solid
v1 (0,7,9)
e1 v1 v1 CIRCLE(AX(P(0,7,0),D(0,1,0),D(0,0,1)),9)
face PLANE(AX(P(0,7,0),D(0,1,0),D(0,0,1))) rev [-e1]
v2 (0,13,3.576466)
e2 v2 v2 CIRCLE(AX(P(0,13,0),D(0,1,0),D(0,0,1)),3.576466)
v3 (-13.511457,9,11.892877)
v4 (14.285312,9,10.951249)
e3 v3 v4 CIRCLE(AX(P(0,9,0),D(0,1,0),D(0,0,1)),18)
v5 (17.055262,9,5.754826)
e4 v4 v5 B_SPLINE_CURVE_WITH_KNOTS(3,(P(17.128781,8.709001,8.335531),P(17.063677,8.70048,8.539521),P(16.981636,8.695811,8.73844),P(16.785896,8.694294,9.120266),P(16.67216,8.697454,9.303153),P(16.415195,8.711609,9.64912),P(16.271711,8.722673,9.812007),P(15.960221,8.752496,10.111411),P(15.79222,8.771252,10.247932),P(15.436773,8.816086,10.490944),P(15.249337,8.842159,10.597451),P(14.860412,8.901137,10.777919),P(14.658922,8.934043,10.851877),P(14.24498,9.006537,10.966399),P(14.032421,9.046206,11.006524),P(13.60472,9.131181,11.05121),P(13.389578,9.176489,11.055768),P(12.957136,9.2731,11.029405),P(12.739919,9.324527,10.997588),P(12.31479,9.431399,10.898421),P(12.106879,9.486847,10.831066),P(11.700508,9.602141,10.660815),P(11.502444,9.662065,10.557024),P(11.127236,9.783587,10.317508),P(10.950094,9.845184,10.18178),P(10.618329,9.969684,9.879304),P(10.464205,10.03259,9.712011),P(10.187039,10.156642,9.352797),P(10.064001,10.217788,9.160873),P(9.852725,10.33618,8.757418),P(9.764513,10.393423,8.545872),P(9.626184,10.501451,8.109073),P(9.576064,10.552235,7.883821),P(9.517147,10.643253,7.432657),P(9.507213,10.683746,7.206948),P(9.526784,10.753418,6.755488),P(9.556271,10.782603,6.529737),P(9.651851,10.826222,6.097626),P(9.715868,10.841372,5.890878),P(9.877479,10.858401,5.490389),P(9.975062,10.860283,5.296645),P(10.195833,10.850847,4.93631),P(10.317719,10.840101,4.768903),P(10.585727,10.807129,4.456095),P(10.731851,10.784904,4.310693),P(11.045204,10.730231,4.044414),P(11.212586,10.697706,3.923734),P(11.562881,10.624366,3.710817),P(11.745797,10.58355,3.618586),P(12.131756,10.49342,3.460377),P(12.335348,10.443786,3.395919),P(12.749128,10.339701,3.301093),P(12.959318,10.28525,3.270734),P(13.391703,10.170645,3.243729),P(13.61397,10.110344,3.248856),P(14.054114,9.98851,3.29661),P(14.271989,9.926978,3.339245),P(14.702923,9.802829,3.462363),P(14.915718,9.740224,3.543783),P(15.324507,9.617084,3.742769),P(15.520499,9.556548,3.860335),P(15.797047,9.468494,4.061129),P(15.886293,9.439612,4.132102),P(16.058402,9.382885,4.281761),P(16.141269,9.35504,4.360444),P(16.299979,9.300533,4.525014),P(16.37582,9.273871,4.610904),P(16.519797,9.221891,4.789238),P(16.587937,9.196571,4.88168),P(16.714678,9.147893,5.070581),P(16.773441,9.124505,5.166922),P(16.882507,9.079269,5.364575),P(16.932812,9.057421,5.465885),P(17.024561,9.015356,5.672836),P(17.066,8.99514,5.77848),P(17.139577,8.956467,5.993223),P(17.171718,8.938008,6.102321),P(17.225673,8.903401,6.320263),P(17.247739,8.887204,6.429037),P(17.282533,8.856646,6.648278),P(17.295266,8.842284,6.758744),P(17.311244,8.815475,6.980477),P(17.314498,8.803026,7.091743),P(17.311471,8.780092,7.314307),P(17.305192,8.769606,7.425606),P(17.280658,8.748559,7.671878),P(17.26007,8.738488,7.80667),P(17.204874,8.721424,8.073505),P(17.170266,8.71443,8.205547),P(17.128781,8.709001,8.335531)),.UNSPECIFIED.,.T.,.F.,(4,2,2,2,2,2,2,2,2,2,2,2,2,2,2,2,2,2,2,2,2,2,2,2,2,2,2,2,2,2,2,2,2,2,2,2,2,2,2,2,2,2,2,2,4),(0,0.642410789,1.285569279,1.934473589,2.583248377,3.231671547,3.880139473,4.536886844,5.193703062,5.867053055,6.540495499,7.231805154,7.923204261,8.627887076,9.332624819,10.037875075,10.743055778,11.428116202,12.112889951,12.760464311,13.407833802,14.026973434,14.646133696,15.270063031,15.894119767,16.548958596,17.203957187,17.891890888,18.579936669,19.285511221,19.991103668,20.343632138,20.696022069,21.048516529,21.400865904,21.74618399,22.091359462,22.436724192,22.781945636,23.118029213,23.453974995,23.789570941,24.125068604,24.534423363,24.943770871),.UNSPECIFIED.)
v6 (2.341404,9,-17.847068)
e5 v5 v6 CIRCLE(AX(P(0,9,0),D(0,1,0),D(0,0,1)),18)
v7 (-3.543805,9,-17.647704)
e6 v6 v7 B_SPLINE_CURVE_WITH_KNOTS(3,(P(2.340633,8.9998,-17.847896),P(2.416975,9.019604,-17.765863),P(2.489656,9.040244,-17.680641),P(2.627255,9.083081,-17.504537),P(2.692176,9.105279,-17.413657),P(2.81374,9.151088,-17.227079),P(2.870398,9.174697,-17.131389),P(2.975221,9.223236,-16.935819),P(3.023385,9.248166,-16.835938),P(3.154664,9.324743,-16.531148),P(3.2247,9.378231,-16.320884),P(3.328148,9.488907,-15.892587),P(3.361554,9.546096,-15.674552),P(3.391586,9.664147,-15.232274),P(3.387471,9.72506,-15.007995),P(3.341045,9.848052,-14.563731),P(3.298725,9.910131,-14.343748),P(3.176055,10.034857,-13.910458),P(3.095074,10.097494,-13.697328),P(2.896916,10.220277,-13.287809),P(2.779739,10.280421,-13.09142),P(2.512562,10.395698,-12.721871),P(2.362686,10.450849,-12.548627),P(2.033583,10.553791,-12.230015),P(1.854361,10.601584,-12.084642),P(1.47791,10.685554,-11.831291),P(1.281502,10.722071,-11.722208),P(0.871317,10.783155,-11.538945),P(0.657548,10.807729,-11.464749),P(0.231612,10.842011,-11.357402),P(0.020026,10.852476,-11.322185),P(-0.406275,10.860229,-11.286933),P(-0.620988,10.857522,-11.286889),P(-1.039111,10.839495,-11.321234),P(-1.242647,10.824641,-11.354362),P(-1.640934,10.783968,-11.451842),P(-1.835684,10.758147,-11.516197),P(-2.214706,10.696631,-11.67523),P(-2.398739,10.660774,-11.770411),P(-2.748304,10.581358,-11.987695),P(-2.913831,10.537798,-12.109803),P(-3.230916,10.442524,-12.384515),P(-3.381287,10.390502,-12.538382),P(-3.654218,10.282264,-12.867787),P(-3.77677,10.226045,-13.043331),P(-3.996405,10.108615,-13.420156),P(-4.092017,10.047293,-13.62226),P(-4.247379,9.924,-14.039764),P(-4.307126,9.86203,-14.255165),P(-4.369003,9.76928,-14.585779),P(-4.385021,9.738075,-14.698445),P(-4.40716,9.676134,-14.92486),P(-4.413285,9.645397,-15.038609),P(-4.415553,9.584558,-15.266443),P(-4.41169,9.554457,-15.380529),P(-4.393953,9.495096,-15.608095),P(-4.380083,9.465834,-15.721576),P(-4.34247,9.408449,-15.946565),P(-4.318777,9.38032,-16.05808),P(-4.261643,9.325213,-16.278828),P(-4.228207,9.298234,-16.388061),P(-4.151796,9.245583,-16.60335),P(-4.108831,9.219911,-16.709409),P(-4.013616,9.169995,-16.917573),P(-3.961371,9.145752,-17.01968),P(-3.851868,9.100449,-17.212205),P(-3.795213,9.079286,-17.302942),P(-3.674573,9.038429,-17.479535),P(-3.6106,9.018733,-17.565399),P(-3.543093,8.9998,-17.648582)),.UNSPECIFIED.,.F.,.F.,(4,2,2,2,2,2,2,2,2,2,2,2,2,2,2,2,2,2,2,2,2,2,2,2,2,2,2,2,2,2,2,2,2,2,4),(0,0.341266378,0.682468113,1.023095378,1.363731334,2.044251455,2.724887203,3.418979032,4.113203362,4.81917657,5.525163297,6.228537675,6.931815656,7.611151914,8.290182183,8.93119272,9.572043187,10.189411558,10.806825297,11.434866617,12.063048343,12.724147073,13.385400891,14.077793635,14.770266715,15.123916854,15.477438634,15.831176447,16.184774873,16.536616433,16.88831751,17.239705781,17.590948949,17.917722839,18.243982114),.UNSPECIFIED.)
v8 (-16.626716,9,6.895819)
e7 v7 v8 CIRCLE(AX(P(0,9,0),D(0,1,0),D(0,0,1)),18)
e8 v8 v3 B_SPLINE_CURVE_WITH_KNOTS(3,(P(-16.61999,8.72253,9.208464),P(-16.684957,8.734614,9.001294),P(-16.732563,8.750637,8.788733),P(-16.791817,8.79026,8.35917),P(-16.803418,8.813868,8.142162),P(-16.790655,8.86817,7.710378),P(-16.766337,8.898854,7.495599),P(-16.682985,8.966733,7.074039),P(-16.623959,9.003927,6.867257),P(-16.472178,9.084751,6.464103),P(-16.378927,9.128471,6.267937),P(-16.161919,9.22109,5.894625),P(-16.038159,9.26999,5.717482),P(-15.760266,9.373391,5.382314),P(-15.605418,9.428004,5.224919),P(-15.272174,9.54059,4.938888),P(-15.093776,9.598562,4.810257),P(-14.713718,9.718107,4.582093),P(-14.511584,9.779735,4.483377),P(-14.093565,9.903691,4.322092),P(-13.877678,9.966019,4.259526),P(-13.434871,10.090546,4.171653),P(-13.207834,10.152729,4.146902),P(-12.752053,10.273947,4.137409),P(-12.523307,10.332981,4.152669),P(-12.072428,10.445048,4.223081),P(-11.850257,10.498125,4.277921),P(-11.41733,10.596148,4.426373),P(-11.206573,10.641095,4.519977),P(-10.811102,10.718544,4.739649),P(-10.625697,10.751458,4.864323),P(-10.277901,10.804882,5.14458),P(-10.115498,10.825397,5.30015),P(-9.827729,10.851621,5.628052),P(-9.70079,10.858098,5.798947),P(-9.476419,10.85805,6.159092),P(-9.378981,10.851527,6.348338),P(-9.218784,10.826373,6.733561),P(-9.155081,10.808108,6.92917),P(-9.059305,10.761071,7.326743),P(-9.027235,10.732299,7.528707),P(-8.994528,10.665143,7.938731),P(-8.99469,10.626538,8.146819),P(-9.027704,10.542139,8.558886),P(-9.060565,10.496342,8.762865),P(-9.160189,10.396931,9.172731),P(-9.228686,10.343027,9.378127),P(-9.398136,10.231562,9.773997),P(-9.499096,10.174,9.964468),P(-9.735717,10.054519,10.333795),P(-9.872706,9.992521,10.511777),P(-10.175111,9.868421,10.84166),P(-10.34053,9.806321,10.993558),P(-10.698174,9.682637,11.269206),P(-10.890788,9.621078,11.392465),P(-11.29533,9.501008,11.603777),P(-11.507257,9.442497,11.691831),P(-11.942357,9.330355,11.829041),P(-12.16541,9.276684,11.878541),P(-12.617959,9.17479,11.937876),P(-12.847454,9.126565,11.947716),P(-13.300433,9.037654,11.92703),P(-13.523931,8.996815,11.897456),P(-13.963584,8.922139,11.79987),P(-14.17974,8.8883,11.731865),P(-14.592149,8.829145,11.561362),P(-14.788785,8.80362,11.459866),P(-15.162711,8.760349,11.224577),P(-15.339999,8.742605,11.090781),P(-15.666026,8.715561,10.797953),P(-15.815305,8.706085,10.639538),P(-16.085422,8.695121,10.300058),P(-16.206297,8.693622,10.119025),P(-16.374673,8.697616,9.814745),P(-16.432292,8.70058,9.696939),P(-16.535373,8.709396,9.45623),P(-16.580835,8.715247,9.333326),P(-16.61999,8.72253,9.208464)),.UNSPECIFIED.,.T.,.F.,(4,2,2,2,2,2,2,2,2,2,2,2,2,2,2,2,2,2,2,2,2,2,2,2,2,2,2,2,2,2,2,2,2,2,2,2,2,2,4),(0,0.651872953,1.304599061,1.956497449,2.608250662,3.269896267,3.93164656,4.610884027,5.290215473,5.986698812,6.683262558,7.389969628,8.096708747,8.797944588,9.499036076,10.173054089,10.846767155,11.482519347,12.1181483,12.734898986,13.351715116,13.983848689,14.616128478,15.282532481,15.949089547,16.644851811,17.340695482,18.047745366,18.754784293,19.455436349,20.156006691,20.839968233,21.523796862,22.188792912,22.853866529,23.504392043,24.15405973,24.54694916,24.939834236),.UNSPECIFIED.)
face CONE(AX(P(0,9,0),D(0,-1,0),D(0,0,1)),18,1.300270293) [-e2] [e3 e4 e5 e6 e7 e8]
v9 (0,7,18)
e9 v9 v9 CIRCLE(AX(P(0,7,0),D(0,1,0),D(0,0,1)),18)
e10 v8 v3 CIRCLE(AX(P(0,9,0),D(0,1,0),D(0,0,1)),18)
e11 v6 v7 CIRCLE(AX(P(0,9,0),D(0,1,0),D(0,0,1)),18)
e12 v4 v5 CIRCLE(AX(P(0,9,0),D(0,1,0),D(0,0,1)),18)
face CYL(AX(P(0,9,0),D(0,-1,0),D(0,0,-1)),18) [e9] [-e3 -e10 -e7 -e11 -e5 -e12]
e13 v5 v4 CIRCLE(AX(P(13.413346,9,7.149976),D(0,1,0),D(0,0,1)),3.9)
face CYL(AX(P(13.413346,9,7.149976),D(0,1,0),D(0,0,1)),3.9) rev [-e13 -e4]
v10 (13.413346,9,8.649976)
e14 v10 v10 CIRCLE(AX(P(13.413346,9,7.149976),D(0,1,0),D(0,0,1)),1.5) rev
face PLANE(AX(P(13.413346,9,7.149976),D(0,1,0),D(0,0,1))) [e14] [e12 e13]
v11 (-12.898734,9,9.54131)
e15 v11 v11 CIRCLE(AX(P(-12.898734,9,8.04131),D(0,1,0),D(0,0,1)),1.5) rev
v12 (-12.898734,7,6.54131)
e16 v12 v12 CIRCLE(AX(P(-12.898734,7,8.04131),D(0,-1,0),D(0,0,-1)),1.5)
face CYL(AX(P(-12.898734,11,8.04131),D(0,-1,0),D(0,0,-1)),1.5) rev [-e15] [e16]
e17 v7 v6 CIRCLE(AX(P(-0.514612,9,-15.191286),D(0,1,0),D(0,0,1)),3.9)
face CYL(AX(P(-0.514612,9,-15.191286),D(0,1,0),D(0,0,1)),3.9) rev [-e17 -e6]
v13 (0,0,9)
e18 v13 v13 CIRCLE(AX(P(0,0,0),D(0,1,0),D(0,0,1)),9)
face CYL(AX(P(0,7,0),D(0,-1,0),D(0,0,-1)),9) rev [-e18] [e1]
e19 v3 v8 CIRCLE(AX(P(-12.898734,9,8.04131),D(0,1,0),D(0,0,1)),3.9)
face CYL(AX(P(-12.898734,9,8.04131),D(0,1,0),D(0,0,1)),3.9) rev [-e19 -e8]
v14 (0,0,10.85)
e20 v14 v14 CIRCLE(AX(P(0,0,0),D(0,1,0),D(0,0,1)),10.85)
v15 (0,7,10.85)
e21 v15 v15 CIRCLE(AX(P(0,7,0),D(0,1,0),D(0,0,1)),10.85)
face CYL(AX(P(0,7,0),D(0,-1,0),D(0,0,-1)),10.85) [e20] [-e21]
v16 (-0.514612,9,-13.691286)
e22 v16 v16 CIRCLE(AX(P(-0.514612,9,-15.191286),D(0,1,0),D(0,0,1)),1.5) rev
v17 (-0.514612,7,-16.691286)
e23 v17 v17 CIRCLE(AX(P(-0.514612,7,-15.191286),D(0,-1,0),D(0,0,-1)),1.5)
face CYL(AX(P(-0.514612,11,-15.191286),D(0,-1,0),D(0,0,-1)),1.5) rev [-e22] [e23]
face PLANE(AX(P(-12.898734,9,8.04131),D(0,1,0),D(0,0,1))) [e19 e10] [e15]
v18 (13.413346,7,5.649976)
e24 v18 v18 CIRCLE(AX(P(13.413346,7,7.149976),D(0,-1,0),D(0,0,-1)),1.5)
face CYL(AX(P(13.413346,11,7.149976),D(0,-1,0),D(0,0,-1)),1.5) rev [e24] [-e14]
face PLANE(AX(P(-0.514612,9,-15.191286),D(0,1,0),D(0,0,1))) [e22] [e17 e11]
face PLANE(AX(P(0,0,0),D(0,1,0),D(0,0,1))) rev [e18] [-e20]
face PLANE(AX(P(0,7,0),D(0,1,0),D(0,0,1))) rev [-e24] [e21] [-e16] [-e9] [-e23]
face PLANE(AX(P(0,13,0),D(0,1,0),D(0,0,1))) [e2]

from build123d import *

# Parameters (mm, degrees)
ESQUISSE1_R             = 10.85
ESQUISSE1_R_2           = 9
BOSS_EXTRU_1_DEPTH      = 7
ESQUISSE2_R             = 18
BOSS_EXTRU_2_DEPTH      = 2
ESQUISSE4_R             = 18
BOSS_EXTRU_3_DEPTH      = 4
BOSS_EXTRU_3_TAPER      = 74.5
ESQUISSE5_R             = 1.5
ENL_V_MAT_EXTRU_1_DEPTH = 4
ESQUISSE6_R             = 3.9
ENL_V_MAT_EXTRU_2_DEPTH = 4


with BuildPart() as part:
    # Esquisse1 → Boss.-Extru.1 (new body)
    with BuildSketch(Plane(origin=(0, 0, 0), x_dir=(1, 0, 0), z_dir=(0, 1, 0))):
        with Locations(Location((0, 0, 0), (0, 0, 270))):
            Circle(ESQUISSE1_R)
        with Locations(Location((0, 0, 0), (0, 0, 270))):
            Circle(ESQUISSE1_R_2, mode=Mode.SUBTRACT)
    extrude(amount=BOSS_EXTRU_1_DEPTH)

    # Esquisse2 → Boss.-Extru.2 (add)
    with BuildSketch(Plane(origin=(0, 7, 0), x_dir=(1, 0, 0), z_dir=(0, 1, 0))):
        with Locations(Location((0, 0, 0), (0, 0, 270))):
            Circle(ESQUISSE2_R)
    extrude(amount=BOSS_EXTRU_2_DEPTH)

    # Esquisse4 → Boss.-Extru.3 (add)
    with BuildSketch(Plane(origin=(0, 9, 0), x_dir=(1, 0, 0), z_dir=(0, 1, 0))):
        with Locations(Location((0, 0, 0), (0, 0, 270))):
            Circle(ESQUISSE4_R)
    extrude(amount=BOSS_EXTRU_3_DEPTH, taper=BOSS_EXTRU_3_TAPER)

    # Esquisse5 → Enlèv. mat.-Extru.1 (cut)
    with BuildSketch(Plane.XZ.offset(-7)):
        with Locations(Location((-12.898733794, 8.041309999, 0), (0, 0, 270))):
            Circle(ESQUISSE5_R)
        with Locations(Location((13.413345636, 7.149976143, 0), (0, 0, 270))):
            Circle(ESQUISSE5_R)
        with Locations(Location((-0.514611842, -15.191286142, 0), (0, 0, 270))):
            Circle(ESQUISSE5_R)
    extrude(amount=-ENL_V_MAT_EXTRU_1_DEPTH, mode=Mode.SUBTRACT)

    # Esquisse6 → Enlèv. mat.-Extru.2 (cut)
    with BuildSketch(Plane(origin=(0, 13, 0), x_dir=(1, 0, 0), z_dir=(0, 1, 0))):
        with Locations((-0.514611842, 15.191286142)):
            Circle(ESQUISSE6_R)
        with Locations((13.413345636, -7.149976143)):
            Circle(ESQUISSE6_R)
        with Locations((-12.898733794, -8.041309999)):
            Circle(ESQUISSE6_R)
    extrude(amount=-ENL_V_MAT_EXTRU_2_DEPTH, mode=Mode.SUBTRACT)


solid = part.part
